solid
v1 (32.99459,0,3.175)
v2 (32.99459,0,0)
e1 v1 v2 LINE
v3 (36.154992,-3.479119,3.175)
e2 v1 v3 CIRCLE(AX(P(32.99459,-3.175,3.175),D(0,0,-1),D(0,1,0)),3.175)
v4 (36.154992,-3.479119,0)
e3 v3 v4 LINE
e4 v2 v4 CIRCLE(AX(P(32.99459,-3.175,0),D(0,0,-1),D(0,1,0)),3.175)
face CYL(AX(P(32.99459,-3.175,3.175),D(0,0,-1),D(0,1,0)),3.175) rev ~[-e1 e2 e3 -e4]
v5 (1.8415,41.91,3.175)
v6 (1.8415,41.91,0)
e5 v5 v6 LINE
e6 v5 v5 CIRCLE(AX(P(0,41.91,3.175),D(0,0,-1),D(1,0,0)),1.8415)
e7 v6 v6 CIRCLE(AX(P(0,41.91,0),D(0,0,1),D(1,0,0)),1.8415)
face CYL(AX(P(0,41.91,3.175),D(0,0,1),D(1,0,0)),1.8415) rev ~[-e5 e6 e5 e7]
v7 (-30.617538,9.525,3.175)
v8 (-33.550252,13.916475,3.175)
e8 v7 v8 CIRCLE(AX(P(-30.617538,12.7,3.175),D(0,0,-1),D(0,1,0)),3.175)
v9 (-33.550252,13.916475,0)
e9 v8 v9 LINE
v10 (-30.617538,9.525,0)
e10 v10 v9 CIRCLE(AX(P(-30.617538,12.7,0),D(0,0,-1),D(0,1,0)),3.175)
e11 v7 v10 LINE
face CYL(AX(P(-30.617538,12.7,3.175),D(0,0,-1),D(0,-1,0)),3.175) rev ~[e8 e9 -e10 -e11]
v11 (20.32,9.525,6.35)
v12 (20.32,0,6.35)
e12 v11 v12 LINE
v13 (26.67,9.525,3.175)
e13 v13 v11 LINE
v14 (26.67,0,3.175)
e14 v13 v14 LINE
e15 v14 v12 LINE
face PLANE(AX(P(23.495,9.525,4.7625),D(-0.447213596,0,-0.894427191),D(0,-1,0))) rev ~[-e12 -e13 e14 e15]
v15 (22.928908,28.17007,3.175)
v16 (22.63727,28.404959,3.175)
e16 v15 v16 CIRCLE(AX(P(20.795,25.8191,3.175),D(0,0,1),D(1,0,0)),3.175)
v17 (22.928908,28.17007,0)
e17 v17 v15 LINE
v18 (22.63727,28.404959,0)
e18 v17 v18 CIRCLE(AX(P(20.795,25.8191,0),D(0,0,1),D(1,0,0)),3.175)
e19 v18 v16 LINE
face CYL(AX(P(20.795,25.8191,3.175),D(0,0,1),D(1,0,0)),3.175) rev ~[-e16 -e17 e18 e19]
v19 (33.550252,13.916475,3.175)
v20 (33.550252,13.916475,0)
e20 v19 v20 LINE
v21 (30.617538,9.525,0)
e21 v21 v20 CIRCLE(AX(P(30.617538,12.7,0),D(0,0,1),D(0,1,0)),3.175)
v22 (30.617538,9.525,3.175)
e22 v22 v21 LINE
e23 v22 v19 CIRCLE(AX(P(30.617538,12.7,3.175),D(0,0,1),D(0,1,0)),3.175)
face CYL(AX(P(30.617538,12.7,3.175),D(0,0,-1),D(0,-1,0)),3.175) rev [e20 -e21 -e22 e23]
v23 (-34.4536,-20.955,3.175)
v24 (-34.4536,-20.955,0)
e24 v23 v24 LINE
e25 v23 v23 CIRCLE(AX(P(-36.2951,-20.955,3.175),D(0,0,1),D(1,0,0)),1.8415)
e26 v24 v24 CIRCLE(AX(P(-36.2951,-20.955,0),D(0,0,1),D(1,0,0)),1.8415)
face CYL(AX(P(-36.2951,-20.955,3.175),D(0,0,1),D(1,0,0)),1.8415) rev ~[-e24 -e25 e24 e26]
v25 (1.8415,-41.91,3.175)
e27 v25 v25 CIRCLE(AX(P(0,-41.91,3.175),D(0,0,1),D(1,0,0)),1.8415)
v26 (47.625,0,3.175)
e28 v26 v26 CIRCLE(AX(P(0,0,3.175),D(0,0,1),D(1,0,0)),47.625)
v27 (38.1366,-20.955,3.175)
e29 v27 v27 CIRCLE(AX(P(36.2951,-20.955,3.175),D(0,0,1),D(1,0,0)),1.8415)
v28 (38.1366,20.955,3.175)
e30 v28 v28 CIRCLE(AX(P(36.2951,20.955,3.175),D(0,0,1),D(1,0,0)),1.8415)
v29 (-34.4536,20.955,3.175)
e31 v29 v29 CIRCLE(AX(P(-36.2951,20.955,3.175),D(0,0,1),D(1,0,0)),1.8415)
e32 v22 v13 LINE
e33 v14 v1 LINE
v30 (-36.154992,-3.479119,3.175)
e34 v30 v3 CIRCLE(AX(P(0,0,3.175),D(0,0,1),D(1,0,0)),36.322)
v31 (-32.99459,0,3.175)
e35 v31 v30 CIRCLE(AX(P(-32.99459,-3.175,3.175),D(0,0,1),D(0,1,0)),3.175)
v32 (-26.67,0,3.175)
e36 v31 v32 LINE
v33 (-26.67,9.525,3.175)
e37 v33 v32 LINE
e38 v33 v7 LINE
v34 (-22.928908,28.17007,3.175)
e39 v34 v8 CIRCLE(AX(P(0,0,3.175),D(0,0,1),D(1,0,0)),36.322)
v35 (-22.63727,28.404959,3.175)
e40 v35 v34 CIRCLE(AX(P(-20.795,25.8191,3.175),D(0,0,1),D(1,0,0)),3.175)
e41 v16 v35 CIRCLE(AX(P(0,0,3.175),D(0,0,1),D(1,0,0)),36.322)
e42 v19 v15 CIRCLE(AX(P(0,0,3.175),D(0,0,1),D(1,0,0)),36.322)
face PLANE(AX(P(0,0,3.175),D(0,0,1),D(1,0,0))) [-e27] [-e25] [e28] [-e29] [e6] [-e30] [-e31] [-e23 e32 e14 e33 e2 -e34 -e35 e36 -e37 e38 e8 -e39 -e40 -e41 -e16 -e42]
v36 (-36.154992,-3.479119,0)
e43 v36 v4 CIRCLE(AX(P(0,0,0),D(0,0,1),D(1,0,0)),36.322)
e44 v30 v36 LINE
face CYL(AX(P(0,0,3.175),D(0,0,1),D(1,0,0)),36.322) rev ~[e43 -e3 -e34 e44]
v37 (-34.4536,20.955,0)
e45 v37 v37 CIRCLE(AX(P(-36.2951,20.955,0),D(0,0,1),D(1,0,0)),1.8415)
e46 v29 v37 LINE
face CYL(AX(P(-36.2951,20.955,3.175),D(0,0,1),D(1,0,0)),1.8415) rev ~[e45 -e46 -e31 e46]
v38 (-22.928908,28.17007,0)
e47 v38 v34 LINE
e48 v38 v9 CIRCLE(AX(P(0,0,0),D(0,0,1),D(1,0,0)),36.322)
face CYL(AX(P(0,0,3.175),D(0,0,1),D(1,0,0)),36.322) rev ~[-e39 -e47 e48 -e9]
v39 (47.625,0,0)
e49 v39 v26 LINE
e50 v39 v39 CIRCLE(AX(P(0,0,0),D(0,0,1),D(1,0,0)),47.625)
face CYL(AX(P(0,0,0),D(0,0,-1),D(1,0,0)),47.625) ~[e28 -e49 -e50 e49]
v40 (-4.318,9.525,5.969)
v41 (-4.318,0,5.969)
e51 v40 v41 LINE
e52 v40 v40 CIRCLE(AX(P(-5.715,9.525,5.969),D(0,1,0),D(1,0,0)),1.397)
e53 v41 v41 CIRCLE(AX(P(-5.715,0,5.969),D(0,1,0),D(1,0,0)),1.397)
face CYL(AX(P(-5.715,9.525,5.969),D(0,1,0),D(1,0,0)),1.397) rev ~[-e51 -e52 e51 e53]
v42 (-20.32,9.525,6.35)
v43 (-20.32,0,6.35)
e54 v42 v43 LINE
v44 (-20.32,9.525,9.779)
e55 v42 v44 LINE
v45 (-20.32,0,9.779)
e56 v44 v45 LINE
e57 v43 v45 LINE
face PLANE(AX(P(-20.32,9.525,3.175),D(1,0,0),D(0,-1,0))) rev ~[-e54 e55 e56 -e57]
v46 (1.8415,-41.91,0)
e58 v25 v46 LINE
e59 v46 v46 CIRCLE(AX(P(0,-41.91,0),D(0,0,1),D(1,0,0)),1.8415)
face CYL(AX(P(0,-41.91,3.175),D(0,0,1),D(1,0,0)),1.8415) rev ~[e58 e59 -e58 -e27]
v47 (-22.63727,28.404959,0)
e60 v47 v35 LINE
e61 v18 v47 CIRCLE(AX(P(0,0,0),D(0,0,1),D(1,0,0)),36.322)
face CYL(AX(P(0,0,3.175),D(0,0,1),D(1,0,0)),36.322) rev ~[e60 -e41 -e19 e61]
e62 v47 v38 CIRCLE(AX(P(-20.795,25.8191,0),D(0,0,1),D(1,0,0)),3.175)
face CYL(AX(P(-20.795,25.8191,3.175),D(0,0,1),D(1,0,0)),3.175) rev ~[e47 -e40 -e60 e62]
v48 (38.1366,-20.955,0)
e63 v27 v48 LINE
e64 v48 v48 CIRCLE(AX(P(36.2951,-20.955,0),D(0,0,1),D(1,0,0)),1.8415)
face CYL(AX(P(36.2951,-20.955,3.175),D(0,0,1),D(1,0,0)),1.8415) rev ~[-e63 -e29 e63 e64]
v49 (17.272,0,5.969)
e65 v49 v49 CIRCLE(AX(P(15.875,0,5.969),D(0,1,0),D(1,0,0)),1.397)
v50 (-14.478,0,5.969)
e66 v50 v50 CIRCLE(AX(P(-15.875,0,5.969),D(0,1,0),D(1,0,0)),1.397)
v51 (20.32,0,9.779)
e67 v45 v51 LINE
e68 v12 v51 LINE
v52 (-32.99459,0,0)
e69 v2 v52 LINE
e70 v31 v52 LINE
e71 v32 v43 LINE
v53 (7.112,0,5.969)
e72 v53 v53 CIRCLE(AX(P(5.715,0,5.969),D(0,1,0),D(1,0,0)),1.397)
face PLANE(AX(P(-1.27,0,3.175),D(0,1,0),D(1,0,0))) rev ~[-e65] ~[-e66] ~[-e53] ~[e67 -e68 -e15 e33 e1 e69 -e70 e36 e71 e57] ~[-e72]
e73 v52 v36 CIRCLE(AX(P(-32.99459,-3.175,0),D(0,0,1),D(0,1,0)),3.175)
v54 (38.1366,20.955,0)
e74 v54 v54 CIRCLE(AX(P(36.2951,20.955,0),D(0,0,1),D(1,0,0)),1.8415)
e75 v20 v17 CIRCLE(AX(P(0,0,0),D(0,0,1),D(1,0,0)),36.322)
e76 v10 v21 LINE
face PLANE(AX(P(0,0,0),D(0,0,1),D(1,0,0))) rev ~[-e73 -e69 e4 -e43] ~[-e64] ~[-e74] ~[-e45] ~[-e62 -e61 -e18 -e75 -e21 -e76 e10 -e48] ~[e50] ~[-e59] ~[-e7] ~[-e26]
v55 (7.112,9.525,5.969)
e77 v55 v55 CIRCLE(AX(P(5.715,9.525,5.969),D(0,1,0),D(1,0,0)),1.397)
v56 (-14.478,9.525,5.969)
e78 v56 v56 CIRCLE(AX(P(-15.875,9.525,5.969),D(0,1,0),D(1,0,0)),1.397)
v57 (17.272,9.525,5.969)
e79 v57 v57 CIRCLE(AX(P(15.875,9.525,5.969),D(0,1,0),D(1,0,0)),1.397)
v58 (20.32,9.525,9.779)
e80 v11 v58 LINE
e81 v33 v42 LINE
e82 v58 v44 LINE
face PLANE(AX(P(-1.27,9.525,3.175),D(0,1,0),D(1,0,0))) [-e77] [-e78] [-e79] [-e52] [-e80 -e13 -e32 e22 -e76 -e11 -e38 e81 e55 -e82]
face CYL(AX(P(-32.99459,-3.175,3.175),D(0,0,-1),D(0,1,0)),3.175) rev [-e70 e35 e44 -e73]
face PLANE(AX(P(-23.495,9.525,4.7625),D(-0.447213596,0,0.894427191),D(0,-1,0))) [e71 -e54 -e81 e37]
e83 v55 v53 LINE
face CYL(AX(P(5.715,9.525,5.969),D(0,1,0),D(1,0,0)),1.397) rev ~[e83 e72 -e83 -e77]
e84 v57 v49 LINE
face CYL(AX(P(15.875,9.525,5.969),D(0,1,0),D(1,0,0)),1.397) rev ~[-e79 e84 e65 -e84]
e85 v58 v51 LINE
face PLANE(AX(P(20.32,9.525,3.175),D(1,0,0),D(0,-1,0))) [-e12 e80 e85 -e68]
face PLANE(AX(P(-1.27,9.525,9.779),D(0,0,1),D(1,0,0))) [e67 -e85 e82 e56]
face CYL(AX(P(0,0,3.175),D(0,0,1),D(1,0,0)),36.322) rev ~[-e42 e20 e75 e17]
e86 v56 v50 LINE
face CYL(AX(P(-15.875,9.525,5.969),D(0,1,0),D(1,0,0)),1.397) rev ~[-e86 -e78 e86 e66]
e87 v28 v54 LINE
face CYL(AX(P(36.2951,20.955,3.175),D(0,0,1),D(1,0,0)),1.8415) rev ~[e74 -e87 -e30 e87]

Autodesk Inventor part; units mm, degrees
ref_plane "YZ Plane" through (0, 0, 0) normal (1, 0, 0) x (0, 1, 0)
ref_plane "XZ Plane" through (0, 0, 0) normal (0, 1, 0) x (-1, 0, 0)
ref_plane "XY Plane" through (0, 0, 0) normal (0, 0, 1) x (1, 0, 0)
sketch "Sketch1" plane through (0, 0, 0) normal (0, 0, 1) x (1, 0, 0)
  circle A0 centre (0, 0) radius 47.625
  dimension "d0" = 95.25
extrude "Extrusion1" add sketch "Sketch1" along normal blind 3.175
sketch "Sketch3" plane through (0, 0, 3.175) normal (0, 0, 1) x (1, 0, 0)
  line L0 (1.27, 9.525) -> (20.32, 9.525)
  line L1 (20.32, 9.525) -> (20.32, 0)
  line L2 (20.32, 0) -> (1.27, 0)
  line L3 (1.27, 0) -> (1.27, 9.525)
  line L4 (0, 0) -> (0, -11.0035)
  line L5 (-1.27, 9.525) -> (-20.32, 9.525)
  line L6 (-20.32, 9.525) -> (-20.32, 0)
  line L7 (-20.32, 0) -> (-1.27, 0)
  line L8 (-1.27, 0) -> (-1.27, 9.525)
  dimension "d11" = 19.05
  dimension "d12" = 9.525
  dimension "d13" = 1.27
  dimension "d14" = 0
extrude "Extrusion3" add sketch "Sketch3" along normal blind 6.604
sketch "Sketch4" plane through (1.27, 9.525, 3.175) normal (0, 1, 0) x (1, 0, 0)
  circle A0 centre (4.445, -2.794) radius 1.397
  line L0 (19.05, -6.604) -> (0, -6.604) projected
  circle A1 centre (14.605, -2.794) radius 1.397
  line L1 (9.525, -6.604) -> (9.525, -7.9119)
  line L2 (-1.27, 3.175) -> (-1.27, 8.3959)
  circle A2 centre (-6.985, -2.794) radius 1.397
  circle A3 centre (-17.145, -2.794) radius 1.397
  dimension "d17" = 2.794
  dimension "d18" = 3.81
  dimension "d19" = 2.794
  dimension "d20" = 3.81
  dimension "d21" = 10.16
  dimension "d22" = 5.08
extrude "Extrusion4" cut sketch "Sketch4" against normal through all
sketch "Sketch5" plane through (0, 0, 3.175) normal (0, 0, 1) x (1, 0, 0)
  circle A0 centre (20.795, 25.8191) radius 3.175
  line L0 (0, 0) -> (0, 16.9345)
  circle A1 centre (-20.795, 25.8191) radius 3.175
  dimension "d25" = 6.35
  dimension "d26" = 20.795
  dimension "d27" = 25.8191
extrude "Extrusion5" cut sketch "Sketch5" against normal blind 25.4
sketch "Sketch6" plane through (0, 0, 3.175) normal (0, 0, 1) x (1, 0, 0)
  line L0 (0, 0) -> (0, 41.91)
  circle A0 centre (0, 41.91) radius 1.8415
  circle A1 centre (-36.2951, 20.955) radius 1.8415
  circle A2 centre (-36.2951, -20.955) radius 1.8415
  circle A3 centre (0, -41.91) radius 1.8415
  circle A4 centre (36.2951, -20.955) radius 1.8415
  circle A5 centre (36.2951, 20.955) radius 1.8415
  dimension "d30" = 41.91
  dimension "d31" = 3.683
  dimension "d34" = 360
extrude "Extrusion6" cut sketch "Sketch6" against normal blind 25.4
sketch "Sketch9" plane through (0, 0, 3.175) normal (0, 0, 1) x (1, 0, 0)
  circle A0 centre (0, 0) radius 36.322
  line L0 (-1.27, 9.525) -> (-20.32, 9.525) projected
  line L1 (-20.32, 9.525) -> (-20.32, 0) projected
  line L2 (-20.32, 0) -> (-1.27, 0) projected
  line L3 (-1.27, 0) -> (-1.27, 9.525) projected
  line L4 (20.32, 9.525) -> (1.27, 9.525) projected
  line L5 (1.27, 9.525) -> (1.27, 0) projected
  line L6 (1.27, 0) -> (20.32, 0) projected
  line L7 (20.32, 0) -> (20.32, 9.525) projected
  line L8 (-20.32, 0) -> (-20.32, 9.525) projected
  line L9 (-20.32, 9.525) -> (-35.0508, 9.525)
  line L10 (-20.32, 0) -> (-36.322, 0)
  line L11 (-1.27, 9.525) -> (-1.27, 0) projected
  line L12 (1.27, 9.525) -> (1.27, 0) projected
  line L13 (-1.27, 9.525) -> (1.27, 9.525)
  line L14 (-1.27, 0) -> (1.27, 0)
  line L15 (20.32, 0) -> (36.322, 0)
  line L16 (20.32, 9.525) -> (35.0508, 9.525)
  point P0 (-28.956, -21.928)
  point P1 (-20.701, -29.8455)
  point P2 (28.956, -21.928)
extrude "Extrusion9" cut sketch "Sketch9" against normal through all contours A0 L10 L2 L14 L6 L15 | L16 L4 L13 L0 L9 A0
sketch "Sketch10" plane through (-1.27, 9.525, 3.175) normal (0, 1, 0) x (1, 0, 0)
  line L0 (0, 0) -> (0, -6.604) projected
  line L1 (2.54, 0) -> (2.54, -6.604) projected
  line L2 (0, -6.604) -> (2.54, -6.604)
  line L3 (2.54, -6.604) -> (2.54, 0)
  line L4 (2.54, 0) -> (0, 0)
  line L5 (0, 0) -> (0, -6.604)
  point P0 (1.27, 3.175)
extrude "Extrusion10" add sketch "Sketch10" against normal up to surface (9.525 mm away)
chamfer "Chamfer1" distance 6.35 distance2 3.175 1 edges at (20.32, 4.7625, 3.175) measured on face at (-30.5643, 3.175, 3.175)
chamfer "Chamfer2" distance 6.35 distance2 3.175 1 edges at (-20.32, 4.7625, 3.175) measured on face at (-30.5643, 3.175, 3.175)
fillet "Fillet3" radius 3.175 4 edges at (-35.0508, 9.525, 1.5875) (-36.322, 0, 1.5875) (35.0508, 9.525, 1.5875) (36.322, 0, 1.5875)
properties part number "rearServoAttachmentPlate" material "ABS Plastic"
